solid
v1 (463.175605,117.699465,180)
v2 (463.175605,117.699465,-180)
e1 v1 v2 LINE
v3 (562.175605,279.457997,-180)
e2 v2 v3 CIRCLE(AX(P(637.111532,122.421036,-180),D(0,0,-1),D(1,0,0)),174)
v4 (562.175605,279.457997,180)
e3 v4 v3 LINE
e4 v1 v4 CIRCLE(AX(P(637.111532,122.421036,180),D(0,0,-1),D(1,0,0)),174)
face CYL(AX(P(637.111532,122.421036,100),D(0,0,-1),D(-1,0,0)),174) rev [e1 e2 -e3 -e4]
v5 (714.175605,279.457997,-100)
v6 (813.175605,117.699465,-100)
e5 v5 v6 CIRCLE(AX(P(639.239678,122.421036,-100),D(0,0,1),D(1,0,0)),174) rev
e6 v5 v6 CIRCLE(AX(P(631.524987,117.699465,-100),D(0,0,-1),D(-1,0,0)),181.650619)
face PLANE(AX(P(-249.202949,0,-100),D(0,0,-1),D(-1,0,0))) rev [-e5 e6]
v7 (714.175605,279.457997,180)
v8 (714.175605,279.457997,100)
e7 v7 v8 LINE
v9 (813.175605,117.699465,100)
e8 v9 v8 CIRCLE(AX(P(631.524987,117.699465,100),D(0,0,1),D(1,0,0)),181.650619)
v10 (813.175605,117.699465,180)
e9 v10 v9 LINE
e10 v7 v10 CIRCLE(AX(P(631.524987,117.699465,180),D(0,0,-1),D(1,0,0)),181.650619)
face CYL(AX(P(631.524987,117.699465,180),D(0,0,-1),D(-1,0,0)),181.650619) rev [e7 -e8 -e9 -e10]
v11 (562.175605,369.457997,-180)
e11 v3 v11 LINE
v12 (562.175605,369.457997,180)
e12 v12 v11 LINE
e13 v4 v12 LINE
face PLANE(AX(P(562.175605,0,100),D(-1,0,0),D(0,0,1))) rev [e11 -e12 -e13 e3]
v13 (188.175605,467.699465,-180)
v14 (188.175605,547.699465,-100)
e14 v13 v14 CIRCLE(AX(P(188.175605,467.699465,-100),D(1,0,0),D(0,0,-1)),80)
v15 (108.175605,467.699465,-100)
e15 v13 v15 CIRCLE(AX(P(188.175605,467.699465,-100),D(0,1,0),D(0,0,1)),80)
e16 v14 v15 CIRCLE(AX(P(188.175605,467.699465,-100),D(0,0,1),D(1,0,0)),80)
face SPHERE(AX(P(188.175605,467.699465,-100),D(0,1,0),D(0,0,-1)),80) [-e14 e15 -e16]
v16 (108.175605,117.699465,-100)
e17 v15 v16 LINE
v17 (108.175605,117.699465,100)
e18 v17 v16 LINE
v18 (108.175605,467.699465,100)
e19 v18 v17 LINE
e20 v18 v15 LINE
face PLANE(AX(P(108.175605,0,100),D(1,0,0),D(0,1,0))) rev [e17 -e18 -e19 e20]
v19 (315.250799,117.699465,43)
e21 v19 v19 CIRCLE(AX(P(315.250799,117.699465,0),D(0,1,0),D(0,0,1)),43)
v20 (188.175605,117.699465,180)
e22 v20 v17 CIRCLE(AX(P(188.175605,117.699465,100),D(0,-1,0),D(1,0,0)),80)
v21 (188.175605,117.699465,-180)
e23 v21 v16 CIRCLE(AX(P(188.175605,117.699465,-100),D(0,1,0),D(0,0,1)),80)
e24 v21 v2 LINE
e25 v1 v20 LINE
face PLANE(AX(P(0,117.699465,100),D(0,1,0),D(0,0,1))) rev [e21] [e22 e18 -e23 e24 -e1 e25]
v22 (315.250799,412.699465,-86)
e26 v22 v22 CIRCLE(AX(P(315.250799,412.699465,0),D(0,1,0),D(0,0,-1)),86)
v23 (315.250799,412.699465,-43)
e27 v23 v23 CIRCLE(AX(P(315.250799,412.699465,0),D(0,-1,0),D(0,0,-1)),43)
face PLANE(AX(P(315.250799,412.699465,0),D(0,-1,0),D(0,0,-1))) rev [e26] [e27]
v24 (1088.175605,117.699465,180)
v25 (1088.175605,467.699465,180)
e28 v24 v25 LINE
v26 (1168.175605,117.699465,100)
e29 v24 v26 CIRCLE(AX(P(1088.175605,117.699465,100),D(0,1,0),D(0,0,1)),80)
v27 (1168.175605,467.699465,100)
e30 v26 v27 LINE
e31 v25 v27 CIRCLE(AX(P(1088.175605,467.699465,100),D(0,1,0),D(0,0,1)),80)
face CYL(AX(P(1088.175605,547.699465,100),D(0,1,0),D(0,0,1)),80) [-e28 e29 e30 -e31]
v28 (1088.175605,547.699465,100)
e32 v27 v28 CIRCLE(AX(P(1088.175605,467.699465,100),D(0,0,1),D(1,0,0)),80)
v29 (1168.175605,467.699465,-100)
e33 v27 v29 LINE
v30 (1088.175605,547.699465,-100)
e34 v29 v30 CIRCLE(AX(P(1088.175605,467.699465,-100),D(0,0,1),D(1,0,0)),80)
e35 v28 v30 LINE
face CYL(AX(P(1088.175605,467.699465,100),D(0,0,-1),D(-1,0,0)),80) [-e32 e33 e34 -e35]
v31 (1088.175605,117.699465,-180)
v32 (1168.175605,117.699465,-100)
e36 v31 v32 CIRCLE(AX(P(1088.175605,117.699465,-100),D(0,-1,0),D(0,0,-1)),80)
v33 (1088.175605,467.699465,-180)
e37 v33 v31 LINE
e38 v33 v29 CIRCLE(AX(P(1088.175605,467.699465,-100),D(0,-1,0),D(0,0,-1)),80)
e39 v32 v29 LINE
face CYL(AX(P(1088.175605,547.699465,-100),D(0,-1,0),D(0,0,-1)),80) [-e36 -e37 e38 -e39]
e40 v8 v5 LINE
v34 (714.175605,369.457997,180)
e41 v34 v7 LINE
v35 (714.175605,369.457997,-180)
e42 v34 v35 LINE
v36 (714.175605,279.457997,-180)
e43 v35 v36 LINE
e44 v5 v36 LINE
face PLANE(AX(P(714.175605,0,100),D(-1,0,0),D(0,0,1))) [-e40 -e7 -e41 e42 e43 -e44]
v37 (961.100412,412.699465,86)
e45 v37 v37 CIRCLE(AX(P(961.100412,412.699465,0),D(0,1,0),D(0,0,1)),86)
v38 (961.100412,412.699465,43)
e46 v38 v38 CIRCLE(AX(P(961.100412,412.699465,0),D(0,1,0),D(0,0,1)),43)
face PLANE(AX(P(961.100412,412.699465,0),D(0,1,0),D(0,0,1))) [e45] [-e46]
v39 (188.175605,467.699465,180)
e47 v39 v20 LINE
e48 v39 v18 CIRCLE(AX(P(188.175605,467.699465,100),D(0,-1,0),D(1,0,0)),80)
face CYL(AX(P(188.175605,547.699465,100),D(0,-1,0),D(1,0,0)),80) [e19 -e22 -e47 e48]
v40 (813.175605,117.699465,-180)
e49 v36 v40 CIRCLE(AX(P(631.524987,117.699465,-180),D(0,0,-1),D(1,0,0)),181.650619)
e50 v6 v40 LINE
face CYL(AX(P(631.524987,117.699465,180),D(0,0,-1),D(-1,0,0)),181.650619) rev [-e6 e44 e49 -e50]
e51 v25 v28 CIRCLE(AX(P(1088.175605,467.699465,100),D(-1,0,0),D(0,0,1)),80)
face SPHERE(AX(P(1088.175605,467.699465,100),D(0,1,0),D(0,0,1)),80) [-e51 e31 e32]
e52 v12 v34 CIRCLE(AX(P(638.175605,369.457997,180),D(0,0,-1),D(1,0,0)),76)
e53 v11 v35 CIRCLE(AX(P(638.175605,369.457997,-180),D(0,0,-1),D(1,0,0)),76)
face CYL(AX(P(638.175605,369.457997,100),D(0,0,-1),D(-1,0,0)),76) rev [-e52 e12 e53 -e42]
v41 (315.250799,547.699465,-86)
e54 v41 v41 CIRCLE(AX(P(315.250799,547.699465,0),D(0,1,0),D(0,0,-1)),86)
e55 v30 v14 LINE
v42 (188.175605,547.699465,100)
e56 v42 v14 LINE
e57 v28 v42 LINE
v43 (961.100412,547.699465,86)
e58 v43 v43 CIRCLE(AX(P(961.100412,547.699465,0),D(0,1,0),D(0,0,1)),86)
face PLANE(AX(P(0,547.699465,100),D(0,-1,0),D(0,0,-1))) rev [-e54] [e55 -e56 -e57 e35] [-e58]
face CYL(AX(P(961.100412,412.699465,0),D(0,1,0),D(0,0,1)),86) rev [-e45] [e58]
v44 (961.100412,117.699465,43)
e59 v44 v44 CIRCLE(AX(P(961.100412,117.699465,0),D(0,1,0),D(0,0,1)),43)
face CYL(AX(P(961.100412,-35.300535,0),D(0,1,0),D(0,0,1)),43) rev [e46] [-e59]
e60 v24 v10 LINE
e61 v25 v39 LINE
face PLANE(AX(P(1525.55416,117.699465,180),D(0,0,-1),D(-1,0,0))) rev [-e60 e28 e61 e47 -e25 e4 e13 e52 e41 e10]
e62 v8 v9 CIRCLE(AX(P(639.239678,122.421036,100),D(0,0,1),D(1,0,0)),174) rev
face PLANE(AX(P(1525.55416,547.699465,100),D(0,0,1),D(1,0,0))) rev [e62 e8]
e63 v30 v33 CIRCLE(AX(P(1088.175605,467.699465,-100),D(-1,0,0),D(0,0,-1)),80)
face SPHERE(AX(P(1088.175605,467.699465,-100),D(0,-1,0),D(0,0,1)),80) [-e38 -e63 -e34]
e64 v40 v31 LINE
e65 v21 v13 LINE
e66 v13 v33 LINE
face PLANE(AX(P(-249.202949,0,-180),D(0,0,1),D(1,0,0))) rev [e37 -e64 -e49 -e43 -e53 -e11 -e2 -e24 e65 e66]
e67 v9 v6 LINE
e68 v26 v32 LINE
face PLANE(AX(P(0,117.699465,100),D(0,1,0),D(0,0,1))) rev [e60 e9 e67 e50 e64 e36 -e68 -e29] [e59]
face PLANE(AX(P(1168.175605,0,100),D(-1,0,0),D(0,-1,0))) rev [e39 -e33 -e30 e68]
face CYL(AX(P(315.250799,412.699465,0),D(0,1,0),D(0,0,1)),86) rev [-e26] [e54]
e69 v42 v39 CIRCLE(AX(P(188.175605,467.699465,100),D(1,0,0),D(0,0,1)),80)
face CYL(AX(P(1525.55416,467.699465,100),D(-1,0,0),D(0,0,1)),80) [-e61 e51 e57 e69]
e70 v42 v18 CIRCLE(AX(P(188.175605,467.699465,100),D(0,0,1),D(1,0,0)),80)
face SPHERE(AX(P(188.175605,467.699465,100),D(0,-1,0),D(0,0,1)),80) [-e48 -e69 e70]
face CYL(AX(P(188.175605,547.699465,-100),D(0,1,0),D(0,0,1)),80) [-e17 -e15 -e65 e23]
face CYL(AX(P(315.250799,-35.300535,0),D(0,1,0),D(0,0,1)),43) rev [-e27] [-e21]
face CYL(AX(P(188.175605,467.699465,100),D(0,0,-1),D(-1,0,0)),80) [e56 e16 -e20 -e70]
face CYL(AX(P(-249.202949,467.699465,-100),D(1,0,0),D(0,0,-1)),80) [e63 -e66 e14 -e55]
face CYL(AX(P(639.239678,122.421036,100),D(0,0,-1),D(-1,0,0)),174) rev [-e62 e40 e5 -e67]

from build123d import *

# Parameters (mm, degrees)
BOSS_EXTRUDE2_DEPTH = 100
REVOLVE1_ANGLE      = 90
REVOLVE2_ANGLE      = 90
BOSS_EXTRUDE3_REACH = 1139.003
SKETCH10_W          = 80
SKETCH10_H          = 350
REVOLVE3_ANGLE      = 90
REVOLVE4_ANGLE      = 90
BOSS_EXTRUDE4_REACH = 1139.003
SKETCH14_R          = 86
SKETCH14_R_2        = 43
CUT_EXTRUDE2_DEPTH  = 135
SKETCH17_R          = 43
CUT_EXTRUDE3_DEPTH  = 583
CUT_EXTRUDE4_DEPTH  = 1340.48085047


with BuildPart() as part:
    # Sketch4 → Boss-Extrude2 (new, symmetric)
    with BuildSketch(Plane.XY):
        with BuildLine():
            Line((813.175605254, 117.699465094), (1168.175605254, 117.699465094))
            Line((1168.175605254, 117.699465094), (1168.175605254, 467.699465094))
            ThreePointArc((1168.175605254, 467.699465094), (1144.744147749, 524.268007589), (1088.175605254, 547.699465094))
            Line((1088.175605254, 547.699465094), (638.175605254, 547.699465094))
            Line((638.175605254, 547.699465094), (638.175605254, 445.457996532))
            ThreePointArc((638.175605254, 445.457996532), (691.915720625, 423.198111902), (714.175605254, 369.457996532))
            Line((714.175605254, 369.457996532), (714.175605254, 279.457996532))
            ThreePointArc((714.175605254, 279.457996532), (787.650444518, 213.251892507), (813.175605254, 117.699465094))
        make_face()
        with BuildLine():
            Line((638.175605254, 445.457996532), (638.175605254, 547.699465094))
            Line((638.175605254, 547.699465094), (188.175605254, 547.699465094))
            ThreePointArc((188.175605254, 547.699465094), (131.607062759, 524.268007589), (108.175605254, 467.699465094))
            Line((108.175605254, 467.699465094), (108.175605254, 117.699465094))
            Line((108.175605254, 117.699465094), (463.175605254, 117.699465094))
            ThreePointArc((463.175605254, 117.699465094), (488.70076599, 213.251892507), (562.175605254, 279.457996532))
            Line((562.175605254, 279.457996532), (562.175605254, 369.457996532))
            ThreePointArc((562.175605254, 369.457996532), (584.435489884, 423.198111902), (638.175605254, 445.457996532))
        make_face()
    extrude(amount=BOSS_EXTRUDE2_DEPTH, both=True)

    # Sketch7 → Revolve1 (revolve)
    with BuildSketch(Plane(origin=(0, 0, -100), x_dir=(-1, 0, 0), z_dir=(0, 0, -1))):
        with BuildLine():
            Line((-1088.175605254, 547.699465094), (-1088.175605254, 117.699465094))
            Line((-1088.175605254, 117.699465094), (-1168.175605254, 117.699465094))
            Line((-1168.175605254, 117.699465094), (-1168.175605254, 467.699465094))
            ThreePointArc((-1168.175605254, 467.699465094), (-1144.744147749, 524.268007589), (-1088.175605254, 547.699465094))
        make_face()
    revolve(axis=Axis((1088.175605254, 547.699465094, -100), (0, 1, 0)), revolution_arc=REVOLVE1_ANGLE)

    # Sketch8 → Revolve2 (revolve)
    with BuildSketch(Plane(origin=(0, 0, -100), x_dir=(-1, 0, 0), z_dir=(0, 0, -1))):
        with BuildLine():
            Line((-188.175605254, 547.699465094), (-188.175605254, 117.699465094))
            Line((-188.175605254, 117.699465094), (-108.175605254, 117.699465094))
            Line((-108.175605254, 117.699465094), (-108.175605254, 467.699465094))
            ThreePointArc((-108.175605254, 467.699465094), (-131.607062759, 524.268007589), (-188.175605254, 547.699465094))
        make_face()
    revolve(axis=Axis((188.175605254, 547.699465094, -100), (0, -1, 0)), revolution_arc=REVOLVE2_ANGLE)

    # Boss-Extrude3: up to this face of the body (flat: up to its plane)
    boss_extrude3_end = Plane(part.part.faces().sort_by_distance((188.175605254, 324.501535412, -139.079671816))[0])
    # Sketch10 → Boss-Extrude3 (add, up to the picked face)
    with BuildSketch(Plane.ZY.offset(-1088.175605254), mode=Mode.PRIVATE) as boss_extrude3_sk1:
        with BuildLine():
            Line((-100, 467.699465094), (-100, 547.699465094))
            ThreePointArc((-100, 547.699465094), (-156.568542495, 524.268007589), (-180, 467.699465094))
            Line((-180, 467.699465094), (-100, 467.699465094))
        make_face()
    boss_extrude3_tool1 = split(extrude(boss_extrude3_sk1.sketch, amount=BOSS_EXTRUDE3_REACH, mode=Mode.PRIVATE), bisect_by=boss_extrude3_end, keep=Keep.BOTH, mode=Mode.PRIVATE)
    # Sketch10 → Boss-Extrude3 (add, up to the picked face)
    with BuildSketch(Plane.ZY.offset(-1088.175605254), mode=Mode.PRIVATE) as boss_extrude3_sk2:
        with Locations((-140, 292.699465094)):
            Rectangle(SKETCH10_W, SKETCH10_H)
    boss_extrude3_tool2 = split(extrude(boss_extrude3_sk2.sketch, amount=BOSS_EXTRUDE3_REACH, mode=Mode.PRIVATE), bisect_by=boss_extrude3_end, keep=Keep.BOTH, mode=Mode.PRIVATE)
    add(boss_extrude3_tool1.solids().sort_by(Axis((1088.175605, 501.65252, -133.953055), (-1, 0, 0)))[0])
    add(boss_extrude3_tool2.solids().sort_by(Axis((1088.175605, 292.699465, -140), (-1, 0, 0)))[0])

    # Sketch11 → Revolve3 (revolve)
    with BuildSketch(Plane.XY.offset(100)):
        with BuildLine():
            Line((1088.175605254, 547.699465094), (1088.175605254, 117.699465094))
            Line((1088.175605254, 117.699465094), (1168.175605254, 117.699465094))
            Line((1168.175605254, 117.699465094), (1168.175605254, 467.699465094))
            ThreePointArc((1168.175605254, 467.699465094), (1144.744147749, 524.268007589), (1088.175605254, 547.699465094))
        make_face()
    revolve(axis=Axis((1088.175605254, 547.699465094, 100), (0, -1, 0)), revolution_arc=REVOLVE3_ANGLE)

    # Sketch12 → Revolve4 (revolve)
    with BuildSketch(Plane.XY.offset(100)):
        with BuildLine():
            Line((188.175605254, 547.699465094), (188.175605254, 117.699465094))
            Line((188.175605254, 117.699465094), (108.175605254, 117.699465094))
            Line((108.175605254, 117.699465094), (108.175605254, 467.699465094))
            ThreePointArc((108.175605254, 467.699465094), (131.607062759, 524.268007589), (188.175605254, 547.699465094))
        make_face()
    revolve(axis=Axis((188.175605254, 547.699465094, 100), (0, 1, 0)), revolution_arc=REVOLVE4_ANGLE)

    # Boss-Extrude4: up to this face of the body (flat: up to its plane)
    boss_extrude4_end = Plane(part.part.faces().sort_by_distance((1088.175605254, 324.501535412, 139.079671816))[0])
    # Sketch13 → Boss-Extrude4 (add, up to the picked face)
    with BuildSketch(Plane(origin=(188.175605254, 0, 0), x_dir=(0, 0, -1), z_dir=(1, 0, 0)), mode=Mode.PRIVATE) as boss_extrude4_sk1:
        with BuildLine():
            Line((-100, 547.699465094), (-100, 117.699465094))
            Line((-100, 117.699465094), (-180, 117.699465094))
            Line((-180, 117.699465094), (-180, 467.699465094))
            ThreePointArc((-180, 467.699465094), (-156.568542495, 524.268007589), (-100, 547.699465094))
        make_face()
    boss_extrude4_tool1 = split(extrude(boss_extrude4_sk1.sketch, amount=BOSS_EXTRUDE4_REACH, mode=Mode.PRIVATE), bisect_by=boss_extrude4_end, keep=Keep.BOTH, mode=Mode.PRIVATE)
    add(boss_extrude4_tool1.solids().sort_by(Axis((188.175605, 324.501535, 139.079672), (1, 0, 0)))[0])

    # Sketch14 → Cut-Extrude2 (cut)
    # profile 1 of 2: a face of its own
    with BuildSketch(Plane(origin=(0, 547.699465094, 0), x_dir=(1, 0, 0), z_dir=(0, 1, 0))):
        with Locations(Location((961.100411774, 0, 0), (0, 0, 270))):
            Circle(SKETCH14_R)
        with Locations(Location((961.100411774, 0, 0), (0, 0, 270))):
            Circle(SKETCH14_R_2, mode=Mode.SUBTRACT)
    # profile 2 of 2: a face of its own
    with BuildSketch(Plane(origin=(0, 547.699465094, 0), x_dir=(1, 0, 0), z_dir=(0, 1, 0))):
        with Locations(Location((315.250798734, 0, 0), (0, 0, 90))):
            Circle(SKETCH14_R)
        with Locations(Location((315.250798734, 0, 0), (0, 0, 90))):
            Circle(SKETCH14_R_2, mode=Mode.SUBTRACT)
    extrude(amount=-CUT_EXTRUDE2_DEPTH, mode=Mode.SUBTRACT)

    # Sketch17 → Cut-Extrude3 (cut)
    with BuildSketch(Plane(origin=(0, 547.699465094, 0), x_dir=(1, 0, 0), z_dir=(0, 1, 0))):
        with Locations(Location((961.100411774, 0, 0), (0, 0, 270))):
            Circle(SKETCH17_R)
        with Locations(Location((315.250798734, 0, 0), (0, 0, 270))):
            Circle(SKETCH17_R)
    extrude(amount=-CUT_EXTRUDE3_DEPTH, mode=Mode.SUBTRACT)

    # Sketch18 → Cut-Extrude4 (cut, through all)
    with BuildSketch(Plane(origin=(0, 0, -180), x_dir=(-1, 0, 0), z_dir=(0, 0, -1))):
        with BuildLine():
            Line((-714.175605254, 279.457996532), (-714.175605254, 369.457996532))
            ThreePointArc((-714.175605254, 369.457996532), (-638.175605254, 445.457996532), (-562.175605254, 369.457996532))
            Line((-562.175605254, 369.457996532), (-562.175605254, 279.457996532))
            ThreePointArc((-562.175605254, 279.457996532), (-488.70076599, 213.251892507), (-463.175605254, 117.699465094))
            Line((-463.175605254, 117.699465094), (-813.175605254, 117.699465094))
            ThreePointArc((-813.175605254, 117.699465094), (-786.461236826, 212.524069618), (-714.175605254, 279.457996532))
        make_face()
    extrude(amount=-CUT_EXTRUDE4_DEPTH, mode=Mode.SUBTRACT)


solid = part.part
